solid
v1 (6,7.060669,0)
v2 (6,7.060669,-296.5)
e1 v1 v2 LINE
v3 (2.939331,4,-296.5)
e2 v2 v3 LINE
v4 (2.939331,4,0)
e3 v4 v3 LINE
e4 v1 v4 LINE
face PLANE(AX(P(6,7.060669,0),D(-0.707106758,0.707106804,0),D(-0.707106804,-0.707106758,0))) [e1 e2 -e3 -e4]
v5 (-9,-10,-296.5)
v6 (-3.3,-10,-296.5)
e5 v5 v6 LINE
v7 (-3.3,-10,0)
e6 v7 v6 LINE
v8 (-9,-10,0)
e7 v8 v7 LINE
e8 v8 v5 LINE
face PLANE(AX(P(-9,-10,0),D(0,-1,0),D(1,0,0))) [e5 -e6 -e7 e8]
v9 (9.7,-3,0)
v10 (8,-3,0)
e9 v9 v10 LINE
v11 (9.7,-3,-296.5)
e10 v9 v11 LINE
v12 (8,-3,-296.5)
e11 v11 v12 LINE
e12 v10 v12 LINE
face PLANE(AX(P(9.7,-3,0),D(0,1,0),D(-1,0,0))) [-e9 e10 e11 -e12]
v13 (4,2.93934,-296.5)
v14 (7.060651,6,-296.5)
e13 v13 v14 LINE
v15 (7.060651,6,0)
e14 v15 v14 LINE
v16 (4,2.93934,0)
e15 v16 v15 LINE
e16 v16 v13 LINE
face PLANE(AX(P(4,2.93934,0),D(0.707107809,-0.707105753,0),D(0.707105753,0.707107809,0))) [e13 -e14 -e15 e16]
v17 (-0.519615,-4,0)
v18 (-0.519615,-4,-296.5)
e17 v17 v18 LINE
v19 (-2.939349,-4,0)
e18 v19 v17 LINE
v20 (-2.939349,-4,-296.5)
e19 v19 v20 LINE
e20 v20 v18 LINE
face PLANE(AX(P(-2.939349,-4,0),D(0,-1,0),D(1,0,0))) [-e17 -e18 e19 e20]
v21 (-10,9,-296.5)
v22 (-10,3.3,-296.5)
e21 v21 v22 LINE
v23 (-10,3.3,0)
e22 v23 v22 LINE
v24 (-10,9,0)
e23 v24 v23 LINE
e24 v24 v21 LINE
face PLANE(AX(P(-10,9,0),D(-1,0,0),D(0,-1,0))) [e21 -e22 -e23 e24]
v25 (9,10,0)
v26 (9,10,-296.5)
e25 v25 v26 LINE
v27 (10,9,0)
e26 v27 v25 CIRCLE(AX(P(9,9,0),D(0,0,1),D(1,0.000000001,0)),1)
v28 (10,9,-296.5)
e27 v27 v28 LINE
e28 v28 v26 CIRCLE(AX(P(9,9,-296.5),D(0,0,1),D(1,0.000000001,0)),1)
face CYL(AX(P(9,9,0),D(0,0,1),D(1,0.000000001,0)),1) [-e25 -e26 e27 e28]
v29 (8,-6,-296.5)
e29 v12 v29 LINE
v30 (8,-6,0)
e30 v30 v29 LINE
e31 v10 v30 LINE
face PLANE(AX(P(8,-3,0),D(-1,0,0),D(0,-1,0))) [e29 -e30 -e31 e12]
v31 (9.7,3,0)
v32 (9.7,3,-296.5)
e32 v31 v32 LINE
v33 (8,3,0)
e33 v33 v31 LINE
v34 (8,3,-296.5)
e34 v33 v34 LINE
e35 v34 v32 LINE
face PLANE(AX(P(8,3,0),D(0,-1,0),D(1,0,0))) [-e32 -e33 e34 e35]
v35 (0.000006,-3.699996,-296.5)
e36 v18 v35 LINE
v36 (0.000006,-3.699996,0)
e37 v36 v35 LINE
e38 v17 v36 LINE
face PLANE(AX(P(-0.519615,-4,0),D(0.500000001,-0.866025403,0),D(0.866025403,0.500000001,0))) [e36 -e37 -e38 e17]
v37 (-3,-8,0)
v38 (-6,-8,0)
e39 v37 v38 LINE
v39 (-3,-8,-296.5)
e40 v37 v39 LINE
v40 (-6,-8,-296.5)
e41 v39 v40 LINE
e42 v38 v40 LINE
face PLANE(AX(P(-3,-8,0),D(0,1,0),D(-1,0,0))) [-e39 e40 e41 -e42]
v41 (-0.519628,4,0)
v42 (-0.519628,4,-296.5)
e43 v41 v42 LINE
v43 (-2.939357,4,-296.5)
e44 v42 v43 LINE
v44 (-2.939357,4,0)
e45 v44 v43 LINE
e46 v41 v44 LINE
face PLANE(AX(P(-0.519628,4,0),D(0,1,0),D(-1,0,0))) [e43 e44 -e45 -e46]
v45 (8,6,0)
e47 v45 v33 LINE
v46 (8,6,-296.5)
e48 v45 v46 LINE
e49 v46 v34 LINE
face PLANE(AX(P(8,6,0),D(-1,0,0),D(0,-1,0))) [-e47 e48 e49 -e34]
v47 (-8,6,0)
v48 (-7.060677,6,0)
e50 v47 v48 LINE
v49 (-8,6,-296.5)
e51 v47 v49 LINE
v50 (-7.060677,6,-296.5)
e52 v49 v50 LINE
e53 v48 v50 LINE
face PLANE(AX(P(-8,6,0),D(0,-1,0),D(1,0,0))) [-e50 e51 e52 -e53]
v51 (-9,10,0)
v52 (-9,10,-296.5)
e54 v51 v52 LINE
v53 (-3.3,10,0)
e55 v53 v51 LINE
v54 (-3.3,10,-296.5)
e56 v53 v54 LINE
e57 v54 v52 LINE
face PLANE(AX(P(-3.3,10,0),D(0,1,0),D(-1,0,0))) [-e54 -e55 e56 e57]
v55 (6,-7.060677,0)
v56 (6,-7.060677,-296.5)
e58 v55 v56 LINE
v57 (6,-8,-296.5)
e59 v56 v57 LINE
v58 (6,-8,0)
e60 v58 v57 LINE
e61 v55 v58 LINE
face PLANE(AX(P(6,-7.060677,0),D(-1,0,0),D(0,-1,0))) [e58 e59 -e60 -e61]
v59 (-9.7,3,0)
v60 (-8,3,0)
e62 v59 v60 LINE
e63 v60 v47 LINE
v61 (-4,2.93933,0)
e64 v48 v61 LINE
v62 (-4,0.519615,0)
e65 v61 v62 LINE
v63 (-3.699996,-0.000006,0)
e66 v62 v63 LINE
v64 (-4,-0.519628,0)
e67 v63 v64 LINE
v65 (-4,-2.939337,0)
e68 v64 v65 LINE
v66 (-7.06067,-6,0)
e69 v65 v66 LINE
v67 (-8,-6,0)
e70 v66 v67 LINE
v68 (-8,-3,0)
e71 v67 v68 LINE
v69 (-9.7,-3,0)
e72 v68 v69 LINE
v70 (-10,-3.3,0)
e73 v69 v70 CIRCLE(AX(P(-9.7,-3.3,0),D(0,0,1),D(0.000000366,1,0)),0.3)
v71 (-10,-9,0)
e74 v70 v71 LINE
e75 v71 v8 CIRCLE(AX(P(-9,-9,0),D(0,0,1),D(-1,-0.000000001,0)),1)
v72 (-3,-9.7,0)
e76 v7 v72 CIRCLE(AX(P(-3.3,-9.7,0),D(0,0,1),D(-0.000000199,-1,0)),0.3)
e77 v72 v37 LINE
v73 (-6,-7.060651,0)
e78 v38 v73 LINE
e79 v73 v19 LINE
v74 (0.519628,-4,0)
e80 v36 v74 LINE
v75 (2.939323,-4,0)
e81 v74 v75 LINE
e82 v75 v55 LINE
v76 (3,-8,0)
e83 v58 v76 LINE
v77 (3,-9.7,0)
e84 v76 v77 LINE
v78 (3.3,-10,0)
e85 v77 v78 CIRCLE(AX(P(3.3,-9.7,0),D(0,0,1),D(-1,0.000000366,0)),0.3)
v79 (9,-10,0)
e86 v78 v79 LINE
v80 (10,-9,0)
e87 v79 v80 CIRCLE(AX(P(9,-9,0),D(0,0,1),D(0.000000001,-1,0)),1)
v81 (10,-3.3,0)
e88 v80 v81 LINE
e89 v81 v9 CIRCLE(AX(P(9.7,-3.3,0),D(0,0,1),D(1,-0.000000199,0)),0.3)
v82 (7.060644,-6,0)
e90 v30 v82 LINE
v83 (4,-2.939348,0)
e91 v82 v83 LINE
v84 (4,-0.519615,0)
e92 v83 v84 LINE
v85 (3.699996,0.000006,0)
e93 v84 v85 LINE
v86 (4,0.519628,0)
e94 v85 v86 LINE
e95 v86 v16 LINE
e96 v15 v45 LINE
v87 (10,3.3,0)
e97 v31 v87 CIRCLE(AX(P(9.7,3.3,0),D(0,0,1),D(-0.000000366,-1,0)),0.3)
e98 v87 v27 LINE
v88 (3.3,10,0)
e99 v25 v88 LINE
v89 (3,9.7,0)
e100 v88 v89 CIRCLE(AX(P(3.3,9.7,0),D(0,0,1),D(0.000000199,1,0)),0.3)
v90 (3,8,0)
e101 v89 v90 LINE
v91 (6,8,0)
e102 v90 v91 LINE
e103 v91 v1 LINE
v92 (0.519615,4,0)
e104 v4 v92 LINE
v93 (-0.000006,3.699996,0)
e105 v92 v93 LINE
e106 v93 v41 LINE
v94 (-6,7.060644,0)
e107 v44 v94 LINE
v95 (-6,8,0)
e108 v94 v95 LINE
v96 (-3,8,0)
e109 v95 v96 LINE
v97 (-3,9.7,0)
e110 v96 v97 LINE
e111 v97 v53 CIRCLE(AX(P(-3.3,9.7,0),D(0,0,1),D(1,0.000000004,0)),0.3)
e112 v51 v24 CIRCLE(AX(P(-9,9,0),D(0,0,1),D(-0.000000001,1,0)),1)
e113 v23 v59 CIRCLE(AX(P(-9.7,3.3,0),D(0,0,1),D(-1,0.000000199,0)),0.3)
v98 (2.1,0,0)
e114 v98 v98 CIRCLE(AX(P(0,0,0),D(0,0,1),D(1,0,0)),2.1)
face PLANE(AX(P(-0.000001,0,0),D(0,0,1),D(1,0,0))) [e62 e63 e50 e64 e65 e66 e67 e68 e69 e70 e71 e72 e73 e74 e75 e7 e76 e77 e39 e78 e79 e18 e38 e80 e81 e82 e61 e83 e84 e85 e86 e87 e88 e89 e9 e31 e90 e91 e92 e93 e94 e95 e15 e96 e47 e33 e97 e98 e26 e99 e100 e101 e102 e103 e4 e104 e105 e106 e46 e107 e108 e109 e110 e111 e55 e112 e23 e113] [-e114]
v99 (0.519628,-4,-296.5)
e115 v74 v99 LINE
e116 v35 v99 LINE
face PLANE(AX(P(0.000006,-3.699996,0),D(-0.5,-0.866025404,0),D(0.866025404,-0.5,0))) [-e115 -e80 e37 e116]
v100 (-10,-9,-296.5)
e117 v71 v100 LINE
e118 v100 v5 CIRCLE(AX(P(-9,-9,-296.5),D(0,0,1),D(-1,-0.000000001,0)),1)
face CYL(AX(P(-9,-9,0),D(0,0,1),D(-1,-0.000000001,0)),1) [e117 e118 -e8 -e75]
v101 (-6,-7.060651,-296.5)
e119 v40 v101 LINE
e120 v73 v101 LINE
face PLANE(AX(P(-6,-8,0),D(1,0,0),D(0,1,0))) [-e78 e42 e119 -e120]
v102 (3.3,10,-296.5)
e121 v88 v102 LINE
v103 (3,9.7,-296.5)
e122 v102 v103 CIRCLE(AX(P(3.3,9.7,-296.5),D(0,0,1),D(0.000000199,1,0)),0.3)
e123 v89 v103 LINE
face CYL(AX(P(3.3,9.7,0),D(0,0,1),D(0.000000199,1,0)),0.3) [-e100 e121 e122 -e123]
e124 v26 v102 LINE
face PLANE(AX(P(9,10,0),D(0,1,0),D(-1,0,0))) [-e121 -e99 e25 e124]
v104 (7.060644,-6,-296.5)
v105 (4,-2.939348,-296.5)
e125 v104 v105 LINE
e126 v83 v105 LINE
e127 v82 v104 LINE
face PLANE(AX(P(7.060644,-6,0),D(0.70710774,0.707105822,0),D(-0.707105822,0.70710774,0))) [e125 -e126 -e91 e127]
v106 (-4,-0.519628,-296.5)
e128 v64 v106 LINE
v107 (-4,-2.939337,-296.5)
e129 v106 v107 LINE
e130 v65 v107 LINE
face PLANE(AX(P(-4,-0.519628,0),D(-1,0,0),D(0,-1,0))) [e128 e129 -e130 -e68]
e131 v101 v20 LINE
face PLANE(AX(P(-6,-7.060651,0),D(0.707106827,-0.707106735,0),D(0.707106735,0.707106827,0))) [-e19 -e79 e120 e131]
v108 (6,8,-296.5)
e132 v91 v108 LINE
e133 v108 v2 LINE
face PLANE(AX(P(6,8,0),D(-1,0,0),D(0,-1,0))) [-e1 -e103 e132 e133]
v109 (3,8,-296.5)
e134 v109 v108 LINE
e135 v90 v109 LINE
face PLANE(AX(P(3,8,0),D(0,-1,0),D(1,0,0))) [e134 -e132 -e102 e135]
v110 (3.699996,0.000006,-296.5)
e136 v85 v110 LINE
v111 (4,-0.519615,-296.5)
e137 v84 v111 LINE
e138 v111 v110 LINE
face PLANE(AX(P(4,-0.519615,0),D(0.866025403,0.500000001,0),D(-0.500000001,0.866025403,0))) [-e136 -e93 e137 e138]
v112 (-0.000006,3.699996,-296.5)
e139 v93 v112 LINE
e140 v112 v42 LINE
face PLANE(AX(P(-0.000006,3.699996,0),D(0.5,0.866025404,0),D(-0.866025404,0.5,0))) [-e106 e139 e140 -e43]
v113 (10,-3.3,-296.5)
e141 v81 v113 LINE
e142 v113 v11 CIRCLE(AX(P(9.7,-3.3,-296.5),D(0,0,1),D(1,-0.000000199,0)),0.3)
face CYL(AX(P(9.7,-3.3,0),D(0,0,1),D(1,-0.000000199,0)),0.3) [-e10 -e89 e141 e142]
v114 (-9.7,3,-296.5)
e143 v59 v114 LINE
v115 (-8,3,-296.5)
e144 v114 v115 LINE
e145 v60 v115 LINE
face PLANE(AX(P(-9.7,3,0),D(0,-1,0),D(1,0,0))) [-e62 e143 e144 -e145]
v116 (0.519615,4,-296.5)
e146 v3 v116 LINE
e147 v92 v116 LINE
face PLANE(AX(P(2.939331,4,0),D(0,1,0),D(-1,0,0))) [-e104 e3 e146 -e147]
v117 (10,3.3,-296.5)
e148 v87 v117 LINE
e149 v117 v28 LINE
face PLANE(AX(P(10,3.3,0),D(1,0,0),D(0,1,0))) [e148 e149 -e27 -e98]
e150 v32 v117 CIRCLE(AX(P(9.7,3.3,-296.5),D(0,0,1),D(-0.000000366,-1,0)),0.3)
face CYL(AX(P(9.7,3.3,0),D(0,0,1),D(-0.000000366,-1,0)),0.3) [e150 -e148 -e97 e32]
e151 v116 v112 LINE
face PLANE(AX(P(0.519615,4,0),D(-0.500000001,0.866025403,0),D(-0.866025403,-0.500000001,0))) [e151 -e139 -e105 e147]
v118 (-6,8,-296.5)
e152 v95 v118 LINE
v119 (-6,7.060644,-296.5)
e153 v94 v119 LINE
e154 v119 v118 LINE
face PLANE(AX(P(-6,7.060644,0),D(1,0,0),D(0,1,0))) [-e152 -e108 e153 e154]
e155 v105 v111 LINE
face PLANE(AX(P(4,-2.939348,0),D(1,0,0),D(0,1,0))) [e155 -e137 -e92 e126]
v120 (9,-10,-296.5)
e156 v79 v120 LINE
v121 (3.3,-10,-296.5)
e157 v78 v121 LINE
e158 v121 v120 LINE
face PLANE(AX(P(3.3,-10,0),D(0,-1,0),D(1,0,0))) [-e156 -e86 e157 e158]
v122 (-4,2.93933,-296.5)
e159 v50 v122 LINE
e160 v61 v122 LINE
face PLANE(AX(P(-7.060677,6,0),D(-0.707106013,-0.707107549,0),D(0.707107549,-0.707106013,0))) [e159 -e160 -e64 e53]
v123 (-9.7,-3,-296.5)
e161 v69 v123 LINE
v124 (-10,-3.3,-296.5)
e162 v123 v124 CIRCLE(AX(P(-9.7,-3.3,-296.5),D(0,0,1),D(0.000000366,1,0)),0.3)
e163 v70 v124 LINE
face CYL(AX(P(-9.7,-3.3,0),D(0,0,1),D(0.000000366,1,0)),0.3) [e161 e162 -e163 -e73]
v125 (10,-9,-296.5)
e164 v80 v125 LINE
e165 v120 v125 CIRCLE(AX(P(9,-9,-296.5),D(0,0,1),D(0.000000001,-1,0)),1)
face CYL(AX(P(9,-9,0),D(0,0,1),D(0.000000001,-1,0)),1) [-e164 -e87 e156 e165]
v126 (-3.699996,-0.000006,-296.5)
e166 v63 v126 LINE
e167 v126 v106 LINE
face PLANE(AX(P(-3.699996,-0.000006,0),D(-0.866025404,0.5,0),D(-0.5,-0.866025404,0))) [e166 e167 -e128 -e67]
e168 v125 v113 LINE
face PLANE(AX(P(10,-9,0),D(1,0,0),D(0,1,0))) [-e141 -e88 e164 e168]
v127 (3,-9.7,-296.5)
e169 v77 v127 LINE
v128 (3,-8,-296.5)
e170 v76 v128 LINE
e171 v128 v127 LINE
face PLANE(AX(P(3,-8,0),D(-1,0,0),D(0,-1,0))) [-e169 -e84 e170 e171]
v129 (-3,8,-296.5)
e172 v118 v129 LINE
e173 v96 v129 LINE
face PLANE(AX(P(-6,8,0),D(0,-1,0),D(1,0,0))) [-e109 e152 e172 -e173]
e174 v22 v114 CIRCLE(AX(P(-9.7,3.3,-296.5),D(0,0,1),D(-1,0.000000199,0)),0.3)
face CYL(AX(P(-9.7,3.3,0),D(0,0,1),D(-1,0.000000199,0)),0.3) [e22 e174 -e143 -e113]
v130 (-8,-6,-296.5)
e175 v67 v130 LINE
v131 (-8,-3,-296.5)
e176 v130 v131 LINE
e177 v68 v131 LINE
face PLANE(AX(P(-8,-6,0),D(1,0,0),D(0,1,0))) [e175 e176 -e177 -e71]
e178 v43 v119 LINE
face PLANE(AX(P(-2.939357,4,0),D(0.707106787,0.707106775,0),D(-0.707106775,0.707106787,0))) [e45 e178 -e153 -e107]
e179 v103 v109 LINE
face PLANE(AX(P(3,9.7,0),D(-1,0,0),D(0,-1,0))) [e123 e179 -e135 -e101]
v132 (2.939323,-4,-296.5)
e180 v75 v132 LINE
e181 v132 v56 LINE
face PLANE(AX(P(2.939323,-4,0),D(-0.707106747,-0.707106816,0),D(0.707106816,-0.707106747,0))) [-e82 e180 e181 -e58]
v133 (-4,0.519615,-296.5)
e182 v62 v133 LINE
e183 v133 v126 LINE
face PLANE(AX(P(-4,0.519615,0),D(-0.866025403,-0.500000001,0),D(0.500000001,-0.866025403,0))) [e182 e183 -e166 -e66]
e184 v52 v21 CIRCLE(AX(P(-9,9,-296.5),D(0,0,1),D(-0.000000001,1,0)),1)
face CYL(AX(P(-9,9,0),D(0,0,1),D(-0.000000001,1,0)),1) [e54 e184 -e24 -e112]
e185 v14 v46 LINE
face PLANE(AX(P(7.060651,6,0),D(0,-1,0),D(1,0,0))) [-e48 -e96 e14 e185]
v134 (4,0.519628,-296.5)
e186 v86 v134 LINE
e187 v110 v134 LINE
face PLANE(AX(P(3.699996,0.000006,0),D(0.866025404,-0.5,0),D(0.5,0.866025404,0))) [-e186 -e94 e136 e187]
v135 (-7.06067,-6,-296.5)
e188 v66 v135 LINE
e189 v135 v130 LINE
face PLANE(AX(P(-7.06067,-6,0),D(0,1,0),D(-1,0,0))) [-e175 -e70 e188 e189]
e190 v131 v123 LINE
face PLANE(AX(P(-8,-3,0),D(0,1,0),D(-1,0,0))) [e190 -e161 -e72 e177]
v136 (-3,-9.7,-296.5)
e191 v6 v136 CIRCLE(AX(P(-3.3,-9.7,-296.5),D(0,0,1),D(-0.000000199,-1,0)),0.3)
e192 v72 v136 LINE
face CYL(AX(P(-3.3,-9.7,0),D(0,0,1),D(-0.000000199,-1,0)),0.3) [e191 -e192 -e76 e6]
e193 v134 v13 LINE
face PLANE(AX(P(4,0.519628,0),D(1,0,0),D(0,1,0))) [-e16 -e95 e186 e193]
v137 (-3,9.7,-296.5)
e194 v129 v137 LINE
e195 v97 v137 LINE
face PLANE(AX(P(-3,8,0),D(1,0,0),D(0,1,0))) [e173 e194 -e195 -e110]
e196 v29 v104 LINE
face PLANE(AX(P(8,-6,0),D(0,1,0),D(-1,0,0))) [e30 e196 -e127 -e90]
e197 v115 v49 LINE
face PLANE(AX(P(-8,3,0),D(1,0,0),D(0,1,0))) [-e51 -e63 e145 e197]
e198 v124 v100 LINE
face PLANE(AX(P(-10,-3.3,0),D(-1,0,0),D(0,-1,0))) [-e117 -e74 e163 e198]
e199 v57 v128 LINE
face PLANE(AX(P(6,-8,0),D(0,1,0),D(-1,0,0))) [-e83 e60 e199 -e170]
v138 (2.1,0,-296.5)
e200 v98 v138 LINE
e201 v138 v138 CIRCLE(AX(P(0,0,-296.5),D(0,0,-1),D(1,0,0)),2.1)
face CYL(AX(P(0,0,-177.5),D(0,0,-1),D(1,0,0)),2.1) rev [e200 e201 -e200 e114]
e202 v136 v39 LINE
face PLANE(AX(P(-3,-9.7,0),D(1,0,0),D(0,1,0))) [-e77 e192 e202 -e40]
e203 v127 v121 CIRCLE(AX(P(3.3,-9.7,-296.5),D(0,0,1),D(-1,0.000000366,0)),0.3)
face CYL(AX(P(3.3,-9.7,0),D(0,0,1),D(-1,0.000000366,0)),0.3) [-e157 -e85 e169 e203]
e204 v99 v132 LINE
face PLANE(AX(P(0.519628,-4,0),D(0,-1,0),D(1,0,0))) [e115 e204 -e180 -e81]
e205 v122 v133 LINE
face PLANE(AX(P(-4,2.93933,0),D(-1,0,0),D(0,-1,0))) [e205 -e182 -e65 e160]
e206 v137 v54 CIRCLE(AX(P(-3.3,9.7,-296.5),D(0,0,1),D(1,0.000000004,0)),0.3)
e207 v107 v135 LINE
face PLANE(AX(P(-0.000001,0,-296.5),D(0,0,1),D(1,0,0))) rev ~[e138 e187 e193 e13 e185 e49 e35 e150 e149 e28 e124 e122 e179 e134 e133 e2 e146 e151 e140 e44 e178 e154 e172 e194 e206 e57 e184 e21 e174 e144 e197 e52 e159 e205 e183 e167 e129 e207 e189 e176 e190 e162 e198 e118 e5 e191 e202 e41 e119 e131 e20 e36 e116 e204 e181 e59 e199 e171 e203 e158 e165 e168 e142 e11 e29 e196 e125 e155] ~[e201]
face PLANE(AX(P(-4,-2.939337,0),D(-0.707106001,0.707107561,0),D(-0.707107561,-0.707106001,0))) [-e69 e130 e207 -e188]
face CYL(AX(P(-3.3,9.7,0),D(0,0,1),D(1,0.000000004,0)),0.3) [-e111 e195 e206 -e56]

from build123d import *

# Parameters (mm, degrees)
BOSS_EXTRUDE1_DEPTH = 296.5
SKETCH2_W           = 355
SKETCH2_H           = 2.1


with BuildPart() as part:
    # Sketch1 → Boss-Extrude1 (new body)
    with BuildSketch(Plane.XY):
        with BuildLine():
            Line((-10, 9), (-10, 3.29999995))
            ThreePointArc((-10, 3.29999995), (-9.912132049, 3.087867916), (-9.7, 3))
            Line((-9.7, 3), (-8, 3))
            Line((-8, 3), (-8, 6))
            Line((-8, 6), (-7.060677, 6))
            Line((-7.060677, 6), (-4, 2.93932965))
            Line((-4, 2.93932965), (-4, 0.519615242))
            Line((-4, 0.519615242), (-3.699996283, -6.437e-06))
            Line((-3.699996283, -6.437e-06), (-4, -0.519628117))
            Line((-4, -0.519628117), (-4, -2.93933725))
            Line((-4, -2.93933725), (-7.0606695, -6))
            Line((-7.0606695, -6), (-8, -6))
            Line((-8, -6), (-8, -3))
            Line((-8, -3), (-9.7, -3))
            ThreePointArc((-9.7, -3), (-9.912132049, -3.087867916), (-10, -3.29999995))
            Line((-10, -3.29999995), (-10, -9))
            ThreePointArc((-10, -9), (-9.707106781, -9.707106781), (-9, -10))
            Line((-9, -10), (-3.29999995, -10))
            ThreePointArc((-3.29999995, -10), (-3.087867916, -9.912132049), (-3, -9.7))
            Line((-3, -9.7), (-3, -8))
            Line((-3, -8), (-6, -8))
            Line((-6, -8), (-6, -7.0606515))
            Line((-6, -7.0606515), (-2.9393489, -4))
            Line((-2.9393489, -4), (-0.519615242, -4))
            Line((-0.519615242, -4), (6.437e-06, -3.699996283))
            Line((6.437e-06, -3.699996283), (0.519628117, -4))
            Line((0.519628117, -4), (2.9393227, -4))
            Line((2.9393227, -4), (6, -7.060677))
            Line((6, -7.060677), (6, -8))
            Line((6, -8), (3, -8))
            Line((3, -8), (3, -9.7))
            ThreePointArc((3, -9.7), (3.087867916, -9.912132049), (3.29999995, -10))
            Line((3.29999995, -10), (9, -10))
            ThreePointArc((9, -10), (9.707106781, -9.707106781), (10, -9))
            Line((10, -9), (10, -3.29999995))
            ThreePointArc((10, -3.29999995), (9.912132049, -3.087867916), (9.7, -3))
            Line((9.7, -3), (8, -3))
            Line((8, -3), (8, -6))
            Line((8, -6), (7.0606435, -6))
            Line((7.0606435, -6), (4, -2.9393482))
            Line((4, -2.9393482), (4, -0.519615242))
            Line((4, -0.519615242), (3.699996283, 6.437e-06))
            Line((3.699996283, 6.437e-06), (4, 0.519628117))
            Line((4, 0.519628117), (4, 2.9393401))
            Line((4, 2.9393401), (7.060651, 6))
            Line((7.060651, 6), (8, 6))
            Line((8, 6), (8, 3))
            Line((8, 3), (9.7, 3))
            ThreePointArc((9.7, 3), (9.912132049, 3.087867916), (10, 3.29999995))
            Line((10, 3.29999995), (10, 9))
            ThreePointArc((10, 9), (9.707106781, 9.707106781), (9, 10))
            Line((9, 10), (3.29999995, 10))
            ThreePointArc((3.29999995, 10), (3.087867916, 9.912132049), (3, 9.7))
            Line((3, 9.7), (3, 8))
            Line((3, 8), (6, 8))
            Line((6, 8), (6, 7.060669))
            Line((6, 7.060669), (2.9393308, 4))
            Line((2.9393308, 4), (0.519615242, 4))
            Line((0.519615242, 4), (-6.437e-06, 3.699996283))
            Line((-6.437e-06, 3.699996283), (-0.519628117, 4))
            Line((-0.519628117, 4), (-2.93935655, 4))
            Line((-2.93935655, 4), (-6, 7.0606435))
            Line((-6, 7.0606435), (-6, 8))
            Line((-6, 8), (-3, 8))
            Line((-3, 8), (-3, 9.7))
            ThreePointArc((-3, 9.7), (-3.087867966, 9.912132034), (-3.3, 10))
            Line((-3.3, 10), (-9, 10))
            ThreePointArc((-9, 10), (-9.707106781, 9.707106781), (-10, 9))
        make_face()
    extrude(amount=-BOSS_EXTRUDE1_DEPTH)

    # Sketch2 → Cut-Revolve1 (revolve, cut)
    with BuildSketch(Plane(origin=(0, 0, 0), x_dir=(0, 0, -1), z_dir=(1, 0, 0)), mode=Mode.PRIVATE) as cut_revolve1_sk:
        with Locations((177.5, 1.05)):
            Rectangle(SKETCH2_W, SKETCH2_H)
    revolve(cut_revolve1_sk.sketch.rotate(Axis((0, 0, -355), (0, 0, 1)), 270), axis=Axis((0, 0, -355), (0, 0, 1)), mode=Mode.SUBTRACT)


solid = part.part
